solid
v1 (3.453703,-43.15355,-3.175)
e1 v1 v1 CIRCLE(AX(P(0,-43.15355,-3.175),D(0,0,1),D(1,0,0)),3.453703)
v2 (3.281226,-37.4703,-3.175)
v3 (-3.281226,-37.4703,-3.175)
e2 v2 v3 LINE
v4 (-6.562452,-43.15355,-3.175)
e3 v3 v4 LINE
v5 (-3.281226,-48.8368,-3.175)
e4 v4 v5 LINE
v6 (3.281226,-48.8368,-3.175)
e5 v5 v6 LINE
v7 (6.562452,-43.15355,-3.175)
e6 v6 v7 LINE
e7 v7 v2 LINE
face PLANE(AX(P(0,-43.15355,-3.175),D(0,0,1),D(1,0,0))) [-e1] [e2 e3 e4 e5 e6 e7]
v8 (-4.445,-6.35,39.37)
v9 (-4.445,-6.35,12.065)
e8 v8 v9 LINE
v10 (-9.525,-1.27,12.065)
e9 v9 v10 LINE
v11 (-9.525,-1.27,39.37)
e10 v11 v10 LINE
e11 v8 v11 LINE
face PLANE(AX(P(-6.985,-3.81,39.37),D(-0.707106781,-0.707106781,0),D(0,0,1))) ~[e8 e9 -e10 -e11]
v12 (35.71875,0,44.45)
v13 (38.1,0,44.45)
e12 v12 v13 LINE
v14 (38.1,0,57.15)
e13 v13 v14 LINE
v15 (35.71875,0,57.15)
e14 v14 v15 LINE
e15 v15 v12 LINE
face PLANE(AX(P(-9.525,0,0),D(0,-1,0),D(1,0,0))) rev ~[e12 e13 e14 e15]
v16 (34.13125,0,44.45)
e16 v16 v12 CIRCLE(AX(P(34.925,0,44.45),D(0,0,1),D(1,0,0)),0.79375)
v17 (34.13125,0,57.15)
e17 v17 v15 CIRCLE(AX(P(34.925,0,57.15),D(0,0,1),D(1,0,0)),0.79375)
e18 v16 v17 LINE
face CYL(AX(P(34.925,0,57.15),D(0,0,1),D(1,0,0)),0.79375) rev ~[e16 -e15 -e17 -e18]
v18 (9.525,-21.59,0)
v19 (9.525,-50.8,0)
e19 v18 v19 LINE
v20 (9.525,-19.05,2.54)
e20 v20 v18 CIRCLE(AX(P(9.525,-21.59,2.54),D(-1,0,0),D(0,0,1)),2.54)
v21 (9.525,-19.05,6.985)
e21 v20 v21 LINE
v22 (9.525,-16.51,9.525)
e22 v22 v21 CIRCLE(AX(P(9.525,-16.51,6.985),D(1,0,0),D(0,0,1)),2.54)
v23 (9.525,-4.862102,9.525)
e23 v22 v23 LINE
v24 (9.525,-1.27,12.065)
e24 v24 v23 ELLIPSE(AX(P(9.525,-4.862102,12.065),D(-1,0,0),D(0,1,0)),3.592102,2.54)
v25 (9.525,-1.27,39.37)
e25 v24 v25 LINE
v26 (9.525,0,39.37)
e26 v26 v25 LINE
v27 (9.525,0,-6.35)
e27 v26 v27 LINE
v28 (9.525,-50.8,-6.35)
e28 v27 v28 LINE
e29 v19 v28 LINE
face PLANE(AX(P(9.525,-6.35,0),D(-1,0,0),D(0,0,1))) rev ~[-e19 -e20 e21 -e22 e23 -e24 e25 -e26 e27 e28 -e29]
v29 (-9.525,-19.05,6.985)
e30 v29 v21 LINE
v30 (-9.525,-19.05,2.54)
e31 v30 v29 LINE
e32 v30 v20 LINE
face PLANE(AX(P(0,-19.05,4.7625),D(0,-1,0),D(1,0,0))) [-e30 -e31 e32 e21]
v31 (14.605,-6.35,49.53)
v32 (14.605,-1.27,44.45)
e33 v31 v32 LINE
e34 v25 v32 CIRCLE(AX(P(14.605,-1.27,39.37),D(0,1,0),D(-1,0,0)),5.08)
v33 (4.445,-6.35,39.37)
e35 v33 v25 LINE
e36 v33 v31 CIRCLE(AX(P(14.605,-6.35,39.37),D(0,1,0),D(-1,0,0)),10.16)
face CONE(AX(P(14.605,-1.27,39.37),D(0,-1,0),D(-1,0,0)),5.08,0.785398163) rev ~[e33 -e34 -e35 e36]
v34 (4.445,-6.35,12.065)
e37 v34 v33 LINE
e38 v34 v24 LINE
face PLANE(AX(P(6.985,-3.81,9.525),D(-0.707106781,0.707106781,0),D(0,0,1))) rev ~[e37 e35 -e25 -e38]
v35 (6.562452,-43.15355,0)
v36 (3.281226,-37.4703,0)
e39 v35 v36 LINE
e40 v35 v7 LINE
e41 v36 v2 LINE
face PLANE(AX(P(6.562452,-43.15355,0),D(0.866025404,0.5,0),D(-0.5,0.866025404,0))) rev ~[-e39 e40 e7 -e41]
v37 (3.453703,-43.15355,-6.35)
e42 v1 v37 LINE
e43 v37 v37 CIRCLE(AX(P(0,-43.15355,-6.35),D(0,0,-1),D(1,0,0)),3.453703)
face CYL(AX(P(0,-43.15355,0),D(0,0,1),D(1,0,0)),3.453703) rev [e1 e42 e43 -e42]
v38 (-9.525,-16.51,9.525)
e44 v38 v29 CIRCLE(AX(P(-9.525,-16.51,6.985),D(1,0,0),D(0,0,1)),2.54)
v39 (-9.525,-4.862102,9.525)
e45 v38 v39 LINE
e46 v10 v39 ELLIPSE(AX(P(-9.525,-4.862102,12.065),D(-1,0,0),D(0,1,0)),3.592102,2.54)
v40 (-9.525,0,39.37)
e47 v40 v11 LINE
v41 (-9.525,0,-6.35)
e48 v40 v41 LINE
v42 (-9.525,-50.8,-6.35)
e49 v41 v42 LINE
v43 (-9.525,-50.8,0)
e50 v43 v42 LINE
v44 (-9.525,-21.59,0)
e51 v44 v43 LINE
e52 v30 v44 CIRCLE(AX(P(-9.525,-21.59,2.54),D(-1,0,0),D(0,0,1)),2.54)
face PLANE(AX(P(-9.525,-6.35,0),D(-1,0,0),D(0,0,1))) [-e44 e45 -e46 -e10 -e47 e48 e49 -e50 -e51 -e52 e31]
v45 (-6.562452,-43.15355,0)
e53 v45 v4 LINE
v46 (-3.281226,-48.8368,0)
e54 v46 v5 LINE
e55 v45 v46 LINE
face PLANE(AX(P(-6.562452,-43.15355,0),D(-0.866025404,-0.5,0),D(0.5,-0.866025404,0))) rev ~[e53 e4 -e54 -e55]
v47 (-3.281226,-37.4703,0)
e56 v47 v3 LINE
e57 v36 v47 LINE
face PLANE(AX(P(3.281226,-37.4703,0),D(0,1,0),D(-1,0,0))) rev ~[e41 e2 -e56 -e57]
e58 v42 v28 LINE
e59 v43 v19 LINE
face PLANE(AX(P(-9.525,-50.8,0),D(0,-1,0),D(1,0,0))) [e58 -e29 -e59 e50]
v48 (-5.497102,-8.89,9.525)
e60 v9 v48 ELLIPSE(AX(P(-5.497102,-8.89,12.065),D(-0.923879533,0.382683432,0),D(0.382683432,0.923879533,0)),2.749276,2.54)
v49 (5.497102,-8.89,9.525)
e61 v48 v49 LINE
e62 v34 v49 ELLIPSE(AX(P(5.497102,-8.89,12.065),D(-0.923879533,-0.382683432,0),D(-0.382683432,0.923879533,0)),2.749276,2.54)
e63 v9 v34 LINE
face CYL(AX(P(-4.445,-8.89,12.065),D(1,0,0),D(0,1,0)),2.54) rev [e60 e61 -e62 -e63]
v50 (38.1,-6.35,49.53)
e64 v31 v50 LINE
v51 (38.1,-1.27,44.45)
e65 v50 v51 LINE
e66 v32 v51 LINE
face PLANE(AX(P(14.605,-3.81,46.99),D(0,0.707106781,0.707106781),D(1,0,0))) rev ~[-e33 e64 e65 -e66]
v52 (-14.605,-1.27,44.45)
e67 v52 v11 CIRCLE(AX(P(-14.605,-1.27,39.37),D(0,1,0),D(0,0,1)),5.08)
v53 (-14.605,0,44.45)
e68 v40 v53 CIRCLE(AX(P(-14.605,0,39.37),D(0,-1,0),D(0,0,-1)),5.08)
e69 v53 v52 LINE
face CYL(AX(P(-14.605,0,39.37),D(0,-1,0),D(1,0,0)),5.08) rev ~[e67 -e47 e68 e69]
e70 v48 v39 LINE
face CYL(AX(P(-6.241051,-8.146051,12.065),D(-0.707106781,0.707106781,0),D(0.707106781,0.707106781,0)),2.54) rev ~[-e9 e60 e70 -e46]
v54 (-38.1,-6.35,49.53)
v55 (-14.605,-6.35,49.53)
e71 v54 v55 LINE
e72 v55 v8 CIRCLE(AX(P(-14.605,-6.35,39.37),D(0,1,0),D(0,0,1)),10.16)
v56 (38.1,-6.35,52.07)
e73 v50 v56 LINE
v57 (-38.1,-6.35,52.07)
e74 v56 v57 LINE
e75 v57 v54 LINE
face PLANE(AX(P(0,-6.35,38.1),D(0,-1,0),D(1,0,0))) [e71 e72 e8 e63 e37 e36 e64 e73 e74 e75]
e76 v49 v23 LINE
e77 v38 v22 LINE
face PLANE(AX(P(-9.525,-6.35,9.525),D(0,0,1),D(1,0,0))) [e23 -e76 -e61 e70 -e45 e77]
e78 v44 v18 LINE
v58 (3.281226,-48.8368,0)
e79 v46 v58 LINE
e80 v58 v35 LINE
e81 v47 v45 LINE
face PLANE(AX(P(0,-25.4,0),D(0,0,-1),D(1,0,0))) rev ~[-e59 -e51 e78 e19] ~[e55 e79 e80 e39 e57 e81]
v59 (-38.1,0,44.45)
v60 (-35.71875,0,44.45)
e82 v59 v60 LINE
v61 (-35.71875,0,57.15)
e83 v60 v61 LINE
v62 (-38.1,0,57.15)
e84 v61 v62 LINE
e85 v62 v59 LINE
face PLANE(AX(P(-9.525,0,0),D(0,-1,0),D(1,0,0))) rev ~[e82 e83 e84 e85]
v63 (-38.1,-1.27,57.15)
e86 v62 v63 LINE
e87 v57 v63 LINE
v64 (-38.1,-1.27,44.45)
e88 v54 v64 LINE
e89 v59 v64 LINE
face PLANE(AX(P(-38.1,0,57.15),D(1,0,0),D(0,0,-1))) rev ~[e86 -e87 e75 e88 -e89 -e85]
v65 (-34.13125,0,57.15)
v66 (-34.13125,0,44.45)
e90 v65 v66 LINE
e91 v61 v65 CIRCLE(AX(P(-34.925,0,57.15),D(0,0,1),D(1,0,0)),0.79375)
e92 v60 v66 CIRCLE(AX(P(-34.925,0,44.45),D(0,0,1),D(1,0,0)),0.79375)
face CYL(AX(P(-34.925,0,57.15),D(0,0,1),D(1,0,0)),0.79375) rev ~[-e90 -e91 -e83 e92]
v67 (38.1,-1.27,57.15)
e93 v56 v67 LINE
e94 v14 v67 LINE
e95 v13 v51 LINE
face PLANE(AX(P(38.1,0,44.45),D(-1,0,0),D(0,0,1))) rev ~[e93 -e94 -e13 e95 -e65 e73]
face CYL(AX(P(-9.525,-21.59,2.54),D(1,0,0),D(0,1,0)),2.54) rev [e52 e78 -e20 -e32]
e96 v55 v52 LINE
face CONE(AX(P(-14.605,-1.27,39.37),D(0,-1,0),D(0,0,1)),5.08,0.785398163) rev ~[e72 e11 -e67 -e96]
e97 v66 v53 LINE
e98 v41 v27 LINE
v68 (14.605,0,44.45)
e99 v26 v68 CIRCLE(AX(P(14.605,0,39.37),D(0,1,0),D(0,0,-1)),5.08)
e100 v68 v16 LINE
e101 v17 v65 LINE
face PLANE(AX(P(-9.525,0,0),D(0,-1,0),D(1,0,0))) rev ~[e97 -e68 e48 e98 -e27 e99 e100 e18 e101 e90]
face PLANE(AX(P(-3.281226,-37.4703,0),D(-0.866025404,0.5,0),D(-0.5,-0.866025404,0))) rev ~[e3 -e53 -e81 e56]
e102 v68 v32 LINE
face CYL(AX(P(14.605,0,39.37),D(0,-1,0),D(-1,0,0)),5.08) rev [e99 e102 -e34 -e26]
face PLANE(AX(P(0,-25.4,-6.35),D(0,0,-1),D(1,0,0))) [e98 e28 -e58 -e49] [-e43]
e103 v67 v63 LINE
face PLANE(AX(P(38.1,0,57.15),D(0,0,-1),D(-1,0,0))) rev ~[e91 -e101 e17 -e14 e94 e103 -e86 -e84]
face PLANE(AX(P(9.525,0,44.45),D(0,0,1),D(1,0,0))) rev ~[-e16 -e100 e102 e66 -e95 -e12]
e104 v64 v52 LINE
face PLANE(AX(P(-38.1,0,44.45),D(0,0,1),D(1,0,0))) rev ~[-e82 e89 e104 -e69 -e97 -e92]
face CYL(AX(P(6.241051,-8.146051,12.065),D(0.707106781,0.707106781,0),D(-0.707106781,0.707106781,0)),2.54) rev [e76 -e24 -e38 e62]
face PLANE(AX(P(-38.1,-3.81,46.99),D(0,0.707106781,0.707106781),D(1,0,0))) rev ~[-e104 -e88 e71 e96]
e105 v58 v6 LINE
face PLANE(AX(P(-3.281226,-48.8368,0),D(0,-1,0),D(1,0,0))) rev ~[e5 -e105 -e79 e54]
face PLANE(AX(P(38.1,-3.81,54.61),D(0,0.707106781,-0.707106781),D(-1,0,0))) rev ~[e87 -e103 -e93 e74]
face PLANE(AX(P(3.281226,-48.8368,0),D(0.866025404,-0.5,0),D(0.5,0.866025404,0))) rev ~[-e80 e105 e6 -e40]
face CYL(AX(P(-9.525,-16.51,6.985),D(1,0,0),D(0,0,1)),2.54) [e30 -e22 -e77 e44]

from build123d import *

# Parameters (mm, degrees)
F1_DEPTH  = 6.35
F2_W      = 19.05
F2_H      = 50.8
F2_R      = 3.4537028987
F3_DEPTH  = 6.35
F4_W      = 19.05
F4_H      = 9.525
F5_DEPTH  = 12.7
F6_R      = 2.54
F7_R      = 3.4537028987
F8_DEPTH  = 3.175
F9_R      = 5.08
F10_SIZE  = 5.08
F11_R     = 2.54
F12_R     = 0.79375
F13_DEPTH = 25.4


with BuildPart() as f1:
    # F0 (on Front) → F1 (new body)
    with BuildSketch(Plane.XZ):
        Polygon((38.1, 57.15), (-38.1, 57.15), (-38.1, 44.45), (-9.525, 44.45), (-9.525, 0), (0, 0), (9.525, 0), (9.525, 44.45), (38.1, 44.45), align=None)
    extrude(amount=F1_DEPTH)

    # F2 (on face) → F3 (join)
    with BuildSketch(Plane(origin=(0, 0, 0), x_dir=(1, 0, 0), z_dir=(0, 0, -1))):
        with Locations((0, 25.4)):
            Rectangle(F2_W, F2_H)
        with Locations((0, 43.1535504758)):
            Circle(F2_R, mode=Mode.SUBTRACT)
    extrude(amount=F3_DEPTH)

    # F4 (on face) → F5 (join)
    with BuildSketch(Plane.XZ.offset(6.35)):
        with Locations((0, 4.7625)):
            Rectangle(F4_W, F4_H)
    extrude(amount=F5_DEPTH)

    # F6
    f6_edges = [f1.edges().sort_by_distance(p)[0] for p in [
        (0, -19.05, 9.525),
        (0, -19.05, 0),
    ]]
    fillet(f6_edges, radius=F6_R)

    # F7 (on face) → F8 (cut)
    with BuildSketch(Plane.XY):
        Polygon((-6.5624518347, -43.1535504758), (-3.2812259174, -48.8368004758), (3.2812259174, -48.8368004758), (6.5624518347, -43.1535504758), (3.2812259174, -37.4703004758), (-3.2812259174, -37.4703004758), align=None)
        with Locations((0, -43.1535504758)):
            Circle(F7_R, mode=Mode.SUBTRACT)
    extrude(amount=-F8_DEPTH, mode=Mode.SUBTRACT)

    # F9
    f9_edges = [f1.edges().sort_by_distance(p)[0] for p in [
        (-9.525, -3.175, 44.45),
        (9.525, -3.175, 44.45),
    ]]
    fillet(f9_edges, radius=F9_R)

    # F10
    f10_edges = [f1.edges().sort_by_distance(p)[0] for p in [
        (0, -6.35, 57.15),
        (-26.3525, -6.35, 44.45),
        (11.012898, -6.35, 42.962102),
    ]]
    chamfer(f10_edges, length=F10_SIZE)

    # F11
    f11_edges = [f1.edges().sort_by_distance(p)[0] for p in [
        (-6.985, -3.81, 9.525),
        (6.985, -3.81, 9.525),
        (0, -6.35, 9.525),
    ]]
    fillet(f11_edges, radius=F11_R)

    # F12 (on face) → F13 (cut)
    with BuildSketch(Plane.XY.offset(57.15)):
        with Locations((34.925, 0)):
            Circle(F12_R)
        with Locations((-34.925, 0)):
            Circle(F12_R)
    extrude(amount=-F13_DEPTH, mode=Mode.SUBTRACT)


solid = f1.part
